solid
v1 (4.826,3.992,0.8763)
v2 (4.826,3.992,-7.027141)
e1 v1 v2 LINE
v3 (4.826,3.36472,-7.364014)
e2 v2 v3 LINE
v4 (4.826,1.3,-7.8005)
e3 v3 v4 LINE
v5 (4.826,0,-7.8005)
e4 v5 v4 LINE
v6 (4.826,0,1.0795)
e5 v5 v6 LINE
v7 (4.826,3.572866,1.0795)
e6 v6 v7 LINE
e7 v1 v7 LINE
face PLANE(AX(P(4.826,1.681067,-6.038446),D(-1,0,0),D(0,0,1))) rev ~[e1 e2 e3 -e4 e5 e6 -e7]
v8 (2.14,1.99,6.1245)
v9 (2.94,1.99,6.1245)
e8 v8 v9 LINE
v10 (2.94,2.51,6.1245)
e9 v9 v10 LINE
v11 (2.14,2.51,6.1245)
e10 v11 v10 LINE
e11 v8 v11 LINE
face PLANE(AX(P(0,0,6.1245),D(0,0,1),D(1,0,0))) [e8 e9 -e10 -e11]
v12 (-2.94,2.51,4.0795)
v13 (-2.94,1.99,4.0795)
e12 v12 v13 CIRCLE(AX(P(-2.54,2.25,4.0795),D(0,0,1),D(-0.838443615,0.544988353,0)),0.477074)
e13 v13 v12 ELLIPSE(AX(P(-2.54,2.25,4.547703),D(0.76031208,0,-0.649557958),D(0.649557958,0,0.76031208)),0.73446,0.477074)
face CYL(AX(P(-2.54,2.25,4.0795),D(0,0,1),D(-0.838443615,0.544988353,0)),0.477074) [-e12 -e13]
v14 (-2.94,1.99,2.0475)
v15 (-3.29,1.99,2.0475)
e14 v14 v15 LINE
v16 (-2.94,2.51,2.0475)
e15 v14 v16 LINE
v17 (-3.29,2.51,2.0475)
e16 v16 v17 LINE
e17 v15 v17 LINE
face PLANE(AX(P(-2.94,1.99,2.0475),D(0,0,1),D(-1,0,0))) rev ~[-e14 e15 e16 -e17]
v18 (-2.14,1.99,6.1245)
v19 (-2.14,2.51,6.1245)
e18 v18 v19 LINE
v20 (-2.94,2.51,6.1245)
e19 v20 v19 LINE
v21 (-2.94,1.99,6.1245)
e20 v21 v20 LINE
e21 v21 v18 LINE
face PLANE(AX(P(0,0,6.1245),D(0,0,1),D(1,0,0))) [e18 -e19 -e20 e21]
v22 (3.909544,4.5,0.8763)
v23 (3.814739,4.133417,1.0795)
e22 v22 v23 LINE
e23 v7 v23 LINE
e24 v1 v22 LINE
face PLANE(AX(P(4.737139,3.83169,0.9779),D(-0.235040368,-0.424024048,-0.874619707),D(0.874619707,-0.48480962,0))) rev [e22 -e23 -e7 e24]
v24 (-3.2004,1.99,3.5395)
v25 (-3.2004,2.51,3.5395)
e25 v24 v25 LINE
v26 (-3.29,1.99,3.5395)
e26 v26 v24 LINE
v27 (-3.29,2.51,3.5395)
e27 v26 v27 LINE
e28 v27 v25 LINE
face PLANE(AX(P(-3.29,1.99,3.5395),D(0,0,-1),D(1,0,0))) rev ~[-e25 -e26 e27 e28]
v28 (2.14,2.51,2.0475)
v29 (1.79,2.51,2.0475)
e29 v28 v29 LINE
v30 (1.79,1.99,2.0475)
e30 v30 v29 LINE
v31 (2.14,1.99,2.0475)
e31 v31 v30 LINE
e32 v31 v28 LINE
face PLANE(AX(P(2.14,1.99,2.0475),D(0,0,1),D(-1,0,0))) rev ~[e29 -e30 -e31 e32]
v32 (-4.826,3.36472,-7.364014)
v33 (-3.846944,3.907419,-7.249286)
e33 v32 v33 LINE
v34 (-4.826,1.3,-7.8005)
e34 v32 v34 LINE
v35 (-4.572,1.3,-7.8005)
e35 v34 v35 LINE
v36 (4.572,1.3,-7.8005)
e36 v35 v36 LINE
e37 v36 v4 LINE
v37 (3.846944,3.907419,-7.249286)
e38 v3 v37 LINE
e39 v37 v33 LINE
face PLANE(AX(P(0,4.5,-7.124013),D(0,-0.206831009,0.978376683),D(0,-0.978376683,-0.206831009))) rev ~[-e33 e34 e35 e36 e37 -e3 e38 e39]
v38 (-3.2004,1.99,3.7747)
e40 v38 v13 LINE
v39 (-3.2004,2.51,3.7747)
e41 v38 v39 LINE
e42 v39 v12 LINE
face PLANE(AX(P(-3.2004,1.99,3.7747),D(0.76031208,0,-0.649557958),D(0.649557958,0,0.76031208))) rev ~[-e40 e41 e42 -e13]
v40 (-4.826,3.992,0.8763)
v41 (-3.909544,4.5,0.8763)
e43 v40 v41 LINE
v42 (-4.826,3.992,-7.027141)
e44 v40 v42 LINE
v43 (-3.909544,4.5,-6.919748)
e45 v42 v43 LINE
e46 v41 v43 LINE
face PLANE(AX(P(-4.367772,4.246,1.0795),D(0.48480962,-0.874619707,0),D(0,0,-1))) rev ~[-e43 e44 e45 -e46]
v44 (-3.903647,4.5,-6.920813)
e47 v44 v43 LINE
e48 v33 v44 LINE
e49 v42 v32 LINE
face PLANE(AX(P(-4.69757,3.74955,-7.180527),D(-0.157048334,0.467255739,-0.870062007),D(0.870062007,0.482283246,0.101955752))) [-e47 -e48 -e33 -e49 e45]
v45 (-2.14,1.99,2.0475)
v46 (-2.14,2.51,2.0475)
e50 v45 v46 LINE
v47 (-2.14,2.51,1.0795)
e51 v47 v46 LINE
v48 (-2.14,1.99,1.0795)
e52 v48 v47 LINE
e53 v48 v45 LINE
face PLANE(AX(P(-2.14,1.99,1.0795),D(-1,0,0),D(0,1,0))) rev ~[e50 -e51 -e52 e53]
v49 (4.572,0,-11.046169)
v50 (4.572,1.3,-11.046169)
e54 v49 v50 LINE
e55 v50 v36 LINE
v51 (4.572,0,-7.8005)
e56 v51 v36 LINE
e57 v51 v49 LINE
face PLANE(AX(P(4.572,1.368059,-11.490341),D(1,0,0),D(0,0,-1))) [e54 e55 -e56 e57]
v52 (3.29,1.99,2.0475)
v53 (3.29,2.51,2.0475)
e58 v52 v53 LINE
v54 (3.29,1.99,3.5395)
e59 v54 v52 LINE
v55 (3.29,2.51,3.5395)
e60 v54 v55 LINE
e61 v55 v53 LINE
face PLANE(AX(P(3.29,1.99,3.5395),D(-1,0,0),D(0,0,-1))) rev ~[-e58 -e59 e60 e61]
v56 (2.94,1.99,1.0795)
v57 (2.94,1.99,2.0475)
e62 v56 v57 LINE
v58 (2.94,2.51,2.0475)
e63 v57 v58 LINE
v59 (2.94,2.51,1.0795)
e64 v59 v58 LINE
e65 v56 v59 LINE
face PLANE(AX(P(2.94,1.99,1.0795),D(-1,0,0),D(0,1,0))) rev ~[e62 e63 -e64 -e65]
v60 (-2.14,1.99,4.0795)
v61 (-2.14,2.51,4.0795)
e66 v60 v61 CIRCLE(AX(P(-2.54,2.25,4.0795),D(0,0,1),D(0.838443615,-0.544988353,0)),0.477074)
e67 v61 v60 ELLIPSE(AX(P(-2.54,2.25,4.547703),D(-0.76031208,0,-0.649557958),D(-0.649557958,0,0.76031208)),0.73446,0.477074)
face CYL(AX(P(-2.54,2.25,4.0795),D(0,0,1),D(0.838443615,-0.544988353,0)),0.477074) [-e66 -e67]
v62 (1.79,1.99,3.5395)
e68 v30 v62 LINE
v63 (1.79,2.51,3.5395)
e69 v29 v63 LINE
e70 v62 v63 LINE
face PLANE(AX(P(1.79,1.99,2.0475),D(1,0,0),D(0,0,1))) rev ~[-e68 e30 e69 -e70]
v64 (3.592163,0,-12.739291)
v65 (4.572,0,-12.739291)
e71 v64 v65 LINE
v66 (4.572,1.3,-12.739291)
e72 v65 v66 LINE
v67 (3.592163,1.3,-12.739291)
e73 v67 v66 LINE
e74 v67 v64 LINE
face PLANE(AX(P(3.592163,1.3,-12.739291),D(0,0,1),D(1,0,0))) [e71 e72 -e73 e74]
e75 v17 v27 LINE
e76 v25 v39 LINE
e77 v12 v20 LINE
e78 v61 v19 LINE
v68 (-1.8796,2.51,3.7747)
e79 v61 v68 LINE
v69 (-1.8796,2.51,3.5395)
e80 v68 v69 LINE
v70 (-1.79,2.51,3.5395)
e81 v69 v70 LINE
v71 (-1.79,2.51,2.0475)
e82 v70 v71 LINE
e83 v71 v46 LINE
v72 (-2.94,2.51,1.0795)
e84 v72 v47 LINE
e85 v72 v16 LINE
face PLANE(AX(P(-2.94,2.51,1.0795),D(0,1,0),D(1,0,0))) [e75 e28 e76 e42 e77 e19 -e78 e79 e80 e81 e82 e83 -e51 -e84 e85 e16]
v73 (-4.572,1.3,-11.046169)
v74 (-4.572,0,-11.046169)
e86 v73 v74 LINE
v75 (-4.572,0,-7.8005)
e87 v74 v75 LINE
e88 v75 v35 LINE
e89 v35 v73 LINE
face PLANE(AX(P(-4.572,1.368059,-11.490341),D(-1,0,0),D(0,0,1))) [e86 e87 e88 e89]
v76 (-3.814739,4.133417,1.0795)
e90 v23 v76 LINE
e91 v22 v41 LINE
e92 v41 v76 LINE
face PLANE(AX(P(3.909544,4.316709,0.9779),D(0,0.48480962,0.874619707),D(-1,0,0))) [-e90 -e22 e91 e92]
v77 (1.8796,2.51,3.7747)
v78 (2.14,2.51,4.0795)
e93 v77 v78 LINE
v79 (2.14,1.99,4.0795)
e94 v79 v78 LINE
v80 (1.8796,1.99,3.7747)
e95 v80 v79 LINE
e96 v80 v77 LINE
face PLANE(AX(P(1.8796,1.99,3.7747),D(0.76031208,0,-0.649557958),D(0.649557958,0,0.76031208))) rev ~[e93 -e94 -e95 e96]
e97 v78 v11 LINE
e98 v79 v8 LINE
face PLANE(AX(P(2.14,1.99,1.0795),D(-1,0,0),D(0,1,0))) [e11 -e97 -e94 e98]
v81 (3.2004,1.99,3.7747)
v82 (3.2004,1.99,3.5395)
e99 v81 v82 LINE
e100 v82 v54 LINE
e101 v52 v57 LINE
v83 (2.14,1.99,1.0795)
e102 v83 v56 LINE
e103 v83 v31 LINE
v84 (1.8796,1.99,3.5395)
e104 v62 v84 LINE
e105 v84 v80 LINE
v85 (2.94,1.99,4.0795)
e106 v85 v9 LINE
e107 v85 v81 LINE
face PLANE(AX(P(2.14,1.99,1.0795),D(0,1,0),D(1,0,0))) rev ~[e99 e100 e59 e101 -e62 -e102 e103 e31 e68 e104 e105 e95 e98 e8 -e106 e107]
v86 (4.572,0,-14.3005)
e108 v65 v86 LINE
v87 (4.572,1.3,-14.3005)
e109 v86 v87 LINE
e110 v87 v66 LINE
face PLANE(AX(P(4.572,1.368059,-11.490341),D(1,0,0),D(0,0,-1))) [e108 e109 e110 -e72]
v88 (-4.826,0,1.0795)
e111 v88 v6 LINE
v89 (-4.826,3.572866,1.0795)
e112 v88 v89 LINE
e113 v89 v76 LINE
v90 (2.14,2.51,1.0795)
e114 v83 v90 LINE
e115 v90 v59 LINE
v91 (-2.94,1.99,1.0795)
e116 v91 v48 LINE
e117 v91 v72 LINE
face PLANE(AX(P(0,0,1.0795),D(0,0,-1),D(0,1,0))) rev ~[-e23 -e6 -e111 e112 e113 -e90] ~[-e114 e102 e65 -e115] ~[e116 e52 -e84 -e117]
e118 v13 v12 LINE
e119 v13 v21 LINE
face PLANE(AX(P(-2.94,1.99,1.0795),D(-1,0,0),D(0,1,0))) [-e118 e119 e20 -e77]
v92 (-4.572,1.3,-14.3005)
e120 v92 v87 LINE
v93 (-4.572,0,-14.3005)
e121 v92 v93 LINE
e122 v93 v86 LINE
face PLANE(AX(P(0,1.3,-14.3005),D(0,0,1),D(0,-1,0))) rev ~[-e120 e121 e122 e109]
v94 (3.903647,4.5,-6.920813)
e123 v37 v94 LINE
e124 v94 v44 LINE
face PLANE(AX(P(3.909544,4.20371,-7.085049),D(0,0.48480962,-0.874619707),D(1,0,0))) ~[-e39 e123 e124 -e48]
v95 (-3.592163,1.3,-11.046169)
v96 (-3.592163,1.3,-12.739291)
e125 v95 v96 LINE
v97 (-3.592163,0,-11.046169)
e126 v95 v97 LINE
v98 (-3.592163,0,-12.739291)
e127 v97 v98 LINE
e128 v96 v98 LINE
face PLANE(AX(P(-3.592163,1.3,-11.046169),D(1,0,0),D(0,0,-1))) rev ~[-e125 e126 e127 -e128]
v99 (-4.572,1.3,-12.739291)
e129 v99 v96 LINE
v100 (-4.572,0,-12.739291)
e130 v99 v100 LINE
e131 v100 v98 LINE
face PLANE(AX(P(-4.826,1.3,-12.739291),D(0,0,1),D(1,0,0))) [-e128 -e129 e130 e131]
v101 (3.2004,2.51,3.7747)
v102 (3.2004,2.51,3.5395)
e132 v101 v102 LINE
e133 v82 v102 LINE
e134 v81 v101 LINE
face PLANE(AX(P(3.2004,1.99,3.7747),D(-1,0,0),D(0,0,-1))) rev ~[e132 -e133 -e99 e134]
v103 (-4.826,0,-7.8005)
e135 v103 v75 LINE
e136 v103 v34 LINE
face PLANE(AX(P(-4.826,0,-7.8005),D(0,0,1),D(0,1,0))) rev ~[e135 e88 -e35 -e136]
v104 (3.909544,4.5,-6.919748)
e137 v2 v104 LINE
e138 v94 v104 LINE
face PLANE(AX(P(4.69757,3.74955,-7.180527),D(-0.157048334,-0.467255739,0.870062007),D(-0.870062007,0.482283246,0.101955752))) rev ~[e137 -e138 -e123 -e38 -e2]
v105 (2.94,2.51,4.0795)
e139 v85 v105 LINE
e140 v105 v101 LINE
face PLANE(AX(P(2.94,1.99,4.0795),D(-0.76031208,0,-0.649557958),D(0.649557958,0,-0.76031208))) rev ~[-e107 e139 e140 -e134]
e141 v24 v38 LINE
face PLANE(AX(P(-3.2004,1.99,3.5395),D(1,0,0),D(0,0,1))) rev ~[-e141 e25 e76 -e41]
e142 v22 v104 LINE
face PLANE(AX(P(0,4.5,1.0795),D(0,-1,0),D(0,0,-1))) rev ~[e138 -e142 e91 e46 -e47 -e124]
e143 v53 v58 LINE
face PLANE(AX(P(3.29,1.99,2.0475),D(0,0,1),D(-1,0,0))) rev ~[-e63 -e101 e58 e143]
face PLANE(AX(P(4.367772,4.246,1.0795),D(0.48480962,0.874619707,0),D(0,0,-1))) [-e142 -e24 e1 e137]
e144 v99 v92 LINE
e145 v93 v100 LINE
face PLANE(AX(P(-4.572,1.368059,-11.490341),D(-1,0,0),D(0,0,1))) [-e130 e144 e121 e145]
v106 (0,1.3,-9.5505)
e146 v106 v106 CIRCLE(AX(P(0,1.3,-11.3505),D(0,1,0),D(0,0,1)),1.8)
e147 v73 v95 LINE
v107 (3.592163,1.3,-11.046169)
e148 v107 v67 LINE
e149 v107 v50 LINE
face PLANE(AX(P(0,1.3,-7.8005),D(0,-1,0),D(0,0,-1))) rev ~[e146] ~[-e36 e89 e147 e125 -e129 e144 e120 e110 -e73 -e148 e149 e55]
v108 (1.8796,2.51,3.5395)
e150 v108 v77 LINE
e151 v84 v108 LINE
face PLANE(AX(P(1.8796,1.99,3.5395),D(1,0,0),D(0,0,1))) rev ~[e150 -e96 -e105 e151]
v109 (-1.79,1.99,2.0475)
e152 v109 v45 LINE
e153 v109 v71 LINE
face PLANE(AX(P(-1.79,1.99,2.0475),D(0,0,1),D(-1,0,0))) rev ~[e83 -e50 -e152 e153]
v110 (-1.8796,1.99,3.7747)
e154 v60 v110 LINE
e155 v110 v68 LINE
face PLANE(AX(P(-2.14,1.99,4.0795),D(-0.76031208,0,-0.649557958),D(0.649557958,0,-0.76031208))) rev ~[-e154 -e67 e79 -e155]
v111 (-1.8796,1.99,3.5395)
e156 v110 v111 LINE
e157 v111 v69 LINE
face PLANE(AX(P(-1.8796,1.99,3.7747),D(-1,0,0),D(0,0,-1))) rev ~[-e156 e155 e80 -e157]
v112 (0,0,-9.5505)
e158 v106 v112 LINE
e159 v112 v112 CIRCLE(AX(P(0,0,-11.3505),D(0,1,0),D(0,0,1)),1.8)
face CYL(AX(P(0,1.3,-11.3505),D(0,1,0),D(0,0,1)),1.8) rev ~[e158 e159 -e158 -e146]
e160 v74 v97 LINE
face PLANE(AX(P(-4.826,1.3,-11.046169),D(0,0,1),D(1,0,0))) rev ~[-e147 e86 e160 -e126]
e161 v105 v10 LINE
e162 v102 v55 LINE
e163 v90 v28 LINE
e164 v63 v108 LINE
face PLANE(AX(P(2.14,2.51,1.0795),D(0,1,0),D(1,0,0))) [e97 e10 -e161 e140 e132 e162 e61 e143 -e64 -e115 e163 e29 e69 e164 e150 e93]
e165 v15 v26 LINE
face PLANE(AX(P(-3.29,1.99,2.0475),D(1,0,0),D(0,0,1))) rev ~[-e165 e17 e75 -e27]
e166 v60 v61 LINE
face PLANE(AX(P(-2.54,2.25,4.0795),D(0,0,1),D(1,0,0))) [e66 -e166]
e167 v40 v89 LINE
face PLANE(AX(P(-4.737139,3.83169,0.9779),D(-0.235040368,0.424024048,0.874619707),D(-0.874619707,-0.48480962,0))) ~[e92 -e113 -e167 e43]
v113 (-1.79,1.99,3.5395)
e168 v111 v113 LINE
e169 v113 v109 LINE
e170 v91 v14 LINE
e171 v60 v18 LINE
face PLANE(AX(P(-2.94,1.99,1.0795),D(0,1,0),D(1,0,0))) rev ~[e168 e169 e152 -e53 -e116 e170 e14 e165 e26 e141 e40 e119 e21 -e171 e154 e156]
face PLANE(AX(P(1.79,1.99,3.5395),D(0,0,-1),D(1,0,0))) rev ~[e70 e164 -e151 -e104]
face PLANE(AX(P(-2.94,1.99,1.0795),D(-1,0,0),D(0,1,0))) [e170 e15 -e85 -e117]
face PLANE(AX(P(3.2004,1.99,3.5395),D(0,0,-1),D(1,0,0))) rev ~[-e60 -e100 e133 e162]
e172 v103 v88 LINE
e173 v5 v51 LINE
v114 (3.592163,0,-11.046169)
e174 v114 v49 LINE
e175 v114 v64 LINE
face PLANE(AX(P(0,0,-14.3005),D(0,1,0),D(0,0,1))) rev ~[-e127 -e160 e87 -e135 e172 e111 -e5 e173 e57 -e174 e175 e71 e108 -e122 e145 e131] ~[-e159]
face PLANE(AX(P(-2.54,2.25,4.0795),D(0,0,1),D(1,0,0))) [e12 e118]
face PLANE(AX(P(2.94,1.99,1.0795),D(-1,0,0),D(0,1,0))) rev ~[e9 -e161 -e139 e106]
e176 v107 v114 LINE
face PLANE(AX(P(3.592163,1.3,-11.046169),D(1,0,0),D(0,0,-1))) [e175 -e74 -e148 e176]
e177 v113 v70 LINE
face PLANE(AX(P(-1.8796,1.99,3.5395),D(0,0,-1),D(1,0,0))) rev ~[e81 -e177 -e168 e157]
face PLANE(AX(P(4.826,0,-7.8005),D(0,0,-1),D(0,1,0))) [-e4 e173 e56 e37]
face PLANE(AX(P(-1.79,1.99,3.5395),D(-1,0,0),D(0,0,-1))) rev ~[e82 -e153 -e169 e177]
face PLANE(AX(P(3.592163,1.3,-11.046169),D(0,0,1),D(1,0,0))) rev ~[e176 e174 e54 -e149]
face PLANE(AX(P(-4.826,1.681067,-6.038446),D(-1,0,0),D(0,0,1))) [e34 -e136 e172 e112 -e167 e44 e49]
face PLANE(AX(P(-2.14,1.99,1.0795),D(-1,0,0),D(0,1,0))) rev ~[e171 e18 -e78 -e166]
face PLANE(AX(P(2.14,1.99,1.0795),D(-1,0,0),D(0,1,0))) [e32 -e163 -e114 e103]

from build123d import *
from OCP.BRepFilletAPI import BRepFilletAPI_MakeChamfer

# Parameters (mm, degrees)
EXTRUDE1_DEPTH        = 4.826
EXTRUDE1_DEPTH_BACK   = 4.826
SKETCH10_R            = 1.8
SKETCH10_W            = 1.233836604
SKETCH10_H            = 1.6931216
EXTRUDE5_DEPTH        = 16.428369203
SKETCH6_W             = 0.8
SKETCH6_H             = 0.52
EXTRUDE6_DEPTH        = 13
EXTRUDE7_START        = -0.52
EXTRUDE7_DEPTH        = 0.52
CHAMFER1_SIZE         = 0.254
SKETCH12_W            = 7.379682426
SKETCH12_H            = 2.736118788
EXTRUDE8_DEPTH        = 0.254
SKETCH13_W            = 7.379682426
SKETCH13_H            = 2.736118788
EXTRUDE9_DEPTH        = 0.254
CHAMFER2_SIZE         = 0.508
CHAMFER2_SIZE2        = 0.91645626
CHAMFER3_SIZE         = 0.2032
CHAMFER3_SIZE2        = 0.366582504
CHAMFER3_SIZE2_2      = 0.605677555
CHAMFER3_SIZE2_3      = 0.557834937
EXTRUDE10_DEPTH       = 1.016
ESBO_O1_W             = 2.508369598
ESBO_O1_H             = 14.0227971
CORTE_EXTRUS_O1_DEPTH = 2.54
SKETCH17_W            = 14.984360746
SKETCH17_H            = 12.426120952
CUT_EXTRUDE1_DEPTH    = 22.464410101


with BuildPart() as part:
    # Sketch2 → Extrude1 (new, two sides)
    with BuildSketch(Plane(origin=(0, 0, 0), x_dir=(0, 0, -1), z_dir=(1, 0, 0))) as extrude1_sk:
        Polygon((14.3005, 0), (-1.0795, 0), (-1.0795, 4.5), (7.124012877, 4.5), (7.8005, 1.3), (14.3005, 1.3), align=None)
    extrude(amount=EXTRUDE1_DEPTH)
    extrude(extrude1_sk.sketch, amount=-EXTRUDE1_DEPTH_BACK)

    # Sketch10 → Extrude5 (cut, through all)
    with BuildSketch(Plane(origin=(0, 1.3, 0), x_dir=(1, 0, 0), z_dir=(0, 1, 0))):
        with Locations(Location((0, 11.3505, 0), (0, 0, 270))):
            Circle(SKETCH10_R)
        with Locations((-4.209081698, 11.892729701)):
            Rectangle(SKETCH10_W, SKETCH10_H)
        with Locations((4.209081698, 11.892729701)):
            Rectangle(SKETCH10_W, SKETCH10_H)
    extrude(amount=-EXTRUDE5_DEPTH, mode=Mode.SUBTRACT)

    # Sketch6 → Extrude6 (add)
    with BuildSketch(Plane.XY.offset(1.0795)):
        with Locations((2.54, 2.25)):
            Rectangle(SKETCH6_W, SKETCH6_H)
        with Locations((-2.54, 2.25)):
            Rectangle(SKETCH6_W, SKETCH6_H)
        with Locations((0, 2.25)):
            Rectangle(SKETCH6_W, SKETCH6_H)
    extrude(amount=EXTRUDE6_DEPTH)

    # Sketch11 → Extrude7 (add)
    with BuildSketch(Plane(origin=(0, 2.51, 0), x_dir=(1, 0, 0), z_dir=(0, 1, 0)).offset(EXTRUDE7_START)):
        Polygon((-2.94, -2.0475), (-3.29, -2.0475), (-3.29, -3.5395), (-3.2004, -3.5395), (-3.2004, -3.7747), (-2.94, -4.0795), align=None)
        Polygon((-1.79, -2.0475), (-2.14, -2.0475), (-2.14, -4.0795), (-1.8796, -3.7747), (-1.8796, -3.5395), (-1.79, -3.5395), align=None)
        Polygon((-0.4, -2.0475), (-0.75, -2.0475), (-0.75, -3.5395), (-0.6604, -3.5395), (-0.6604, -3.7747), (-0.4, -4.0795), align=None)
        Polygon((0.75, -2.0475), (0.4, -2.0475), (0.4, -4.0795), (0.6604, -3.7747), (0.6604, -3.5395), (0.75, -3.5395), align=None)
        Polygon((2.14, -2.0475), (1.79, -2.0475), (1.79, -3.5395), (1.8796, -3.5395), (1.8796, -3.7747), (2.14, -4.0795), align=None)
        Polygon((3.29, -2.0475), (2.94, -2.0475), (2.94, -4.0795), (3.2004, -3.7747), (3.2004, -3.5395), (3.29, -3.5395), align=None)
    extrude(amount=EXTRUDE7_DEPTH)

    # Chamfer1
    chamfer1_edges = [part.edges().sort_by_distance(p)[0] for p in [
        (-2.14, 2.25, 14.0795),
        (-2.94, 2.25, 14.0795),
        (2.94, 2.25, 14.0795),
        (2.14, 2.25, 14.0795),
        (0.4, 2.25, 14.0795),
        (-0.4, 2.25, 14.0795),
    ]]
    chamfer(chamfer1_edges, length=CHAMFER1_SIZE)

    # Sketch12 → Extrude8 (cut)
    with BuildSketch(Plane.ZY.offset(4.826)):
        with Locations((-11.490341213, 1.368059394)):
            Rectangle(SKETCH12_W, SKETCH12_H)
    extrude(amount=-EXTRUDE8_DEPTH, mode=Mode.SUBTRACT)

    # Sketch13 → Extrude9 (cut)
    with BuildSketch(Plane(origin=(4.826, 0, 0), x_dir=(0, 0, -1), z_dir=(1, 0, 0))):
        with Locations((11.490341213, 1.368059394)):
            Rectangle(SKETCH13_W, SKETCH13_H)
    extrude(amount=-EXTRUDE9_DEPTH, mode=Mode.SUBTRACT)

    # Chamfer2: one chamfer whose edges measure the first distance from different faces: ONE call of the kernel's chamfer builder (chamfer() names one face for all edges)
    chamfer2_edges_1 = [part.edges().sort_by_distance(p)[0] for p in [
        (-4.826, 4.5, -3.022256439),
    ]]
    chamfer2_side_1 = [part.faces().sort_by_distance(p)[0] for p in [
        (-4.826, 2.217055195, -3.243165334),
    ]]
    chamfer2_edges_2 = [part.edges().sort_by_distance(p)[0] for p in [
        (4.826, 4.5, -3.022256439),
    ]]
    chamfer2_side_2 = [part.faces().sort_by_distance(p)[0] for p in [
        (4.826, 2.217055195, -3.243165334),
    ]]
    chamfer2 = BRepFilletAPI_MakeChamfer(part.part.solid().wrapped)
    for e in chamfer2_edges_1:
        chamfer2.Add(CHAMFER2_SIZE, CHAMFER2_SIZE2, e.wrapped, chamfer2_side_1[0].wrapped)  # the first distance lies on this face
    for e in chamfer2_edges_2:
        chamfer2.Add(CHAMFER2_SIZE, CHAMFER2_SIZE2, e.wrapped, chamfer2_side_2[0].wrapped)  # the first distance lies on this face
    add(Compound.cast(chamfer2.Shape()), mode=Mode.REPLACE)

    # Chamfer3: one chamfer whose edges measure the first distance from different faces: ONE call of the kernel's chamfer builder (chamfer() names one face for all edges)
    chamfer3_edges_1 = [part.edges().sort_by_distance(p)[0] for p in [
        (0, 4.5, 1.0795),
    ]]
    chamfer3_side_1 = [part.faces().sort_by_distance(p)[0] for p in [
        (0, 4.5, -3.022256439),
    ]]
    chamfer3_edges_2 = [part.edges().sort_by_distance(p)[0] for p in [
        (-4.36777187, 4.246, 1.0795),
    ]]
    chamfer3_side_2 = [part.faces().sort_by_distance(p)[0] for p in [
        (-4.368765147, 4.245449417, -3.049162718),
    ]]
    chamfer3_edges_3 = [part.edges().sort_by_distance(p)[0] for p in [
        (4.36777187, 4.246, 1.0795),
    ]]
    chamfer3_side_3 = [part.faces().sort_by_distance(p)[0] for p in [
        (4.368765147, 4.245449417, -3.049162718),
    ]]
    chamfer3_edges_4 = [part.edges().sort_by_distance(p)[0] for p in [
        (0, 4.5, -7.124012877),
    ]]
    chamfer3_side_4 = [part.faces().sort_by_distance(p)[0] for p in [
        (0, 4.5, -3.022256439),
    ]]
    chamfer3_edges_5 = [part.edges().sort_by_distance(p)[0] for p in [
        (-4.36777187, 4.246, -7.177709043),
    ]]
    chamfer3_side_5 = [part.faces().sort_by_distance(p)[0] for p in [
        (-4.368765147, 4.245449417, -3.049162718),
    ]]
    chamfer3_edges_6 = [part.edges().sort_by_distance(p)[0] for p in [
        (4.36777187, 4.246, -7.177709043),
    ]]
    chamfer3_side_6 = [part.faces().sort_by_distance(p)[0] for p in [
        (4.368765147, 4.245449417, -3.049162718),
    ]]
    chamfer3 = BRepFilletAPI_MakeChamfer(part.part.solid().wrapped)
    for e in chamfer3_edges_1:
        chamfer3.Add(CHAMFER3_SIZE, CHAMFER3_SIZE2, e.wrapped, chamfer3_side_1[0].wrapped)  # the first distance lies on this face
    for e in chamfer3_edges_2:
        chamfer3.Add(CHAMFER3_SIZE, CHAMFER3_SIZE2, e.wrapped, chamfer3_side_2[0].wrapped)  # the first distance lies on this face
    for e in chamfer3_edges_3:
        chamfer3.Add(CHAMFER3_SIZE, CHAMFER3_SIZE2, e.wrapped, chamfer3_side_3[0].wrapped)  # the first distance lies on this face
    for e in chamfer3_edges_4:
        chamfer3.Add(CHAMFER3_SIZE, CHAMFER3_SIZE2_2, e.wrapped, chamfer3_side_4[0].wrapped)  # the first distance lies on this face
    for e in chamfer3_edges_5:
        chamfer3.Add(CHAMFER3_SIZE, CHAMFER3_SIZE2_3, e.wrapped, chamfer3_side_5[0].wrapped)  # the first distance lies on this face
    for e in chamfer3_edges_6:
        chamfer3.Add(CHAMFER3_SIZE, CHAMFER3_SIZE2_3, e.wrapped, chamfer3_side_6[0].wrapped)  # the first distance lies on this face
    add(Compound.cast(chamfer3.Shape()), mode=Mode.REPLACE)

    # Sketch15 → Extrude10 (add)
    with BuildSketch(Plane.XY.offset(4.0795)):
        with BuildLine():
            Line((-2.14, 2.51), (-2.94, 2.51))
            ThreePointArc((-2.94, 2.51), (-3.017074418, 2.25), (-2.94, 1.99))
            Line((-2.94, 1.99), (-2.14, 1.99))
            ThreePointArc((-2.14, 1.99), (-2.062925582, 2.25), (-2.14, 2.51))
        make_face()
    extrude(amount=-EXTRUDE10_DEPTH)

    # Esboço1 → Corte-extrusão1 (cut)
    with BuildSketch(Plane(origin=(0, 2.51, 0), x_dir=(1, 0, 0), z_dir=(0, 1, 0))):
        with Locations((0.046451289, -8.09089855)):
            Rectangle(ESBO_O1_W, ESBO_O1_H)
    extrude(amount=-CORTE_EXTRUS_O1_DEPTH, mode=Mode.SUBTRACT)

    # Sketch17 → Cut-Extrude1 (cut, through all)
    with BuildSketch(Plane.XY.offset(6.1245)):
        Rectangle(SKETCH17_W, SKETCH17_H)
    extrude(amount=CUT_EXTRUDE1_DEPTH, mode=Mode.SUBTRACT)


solid = part.part
